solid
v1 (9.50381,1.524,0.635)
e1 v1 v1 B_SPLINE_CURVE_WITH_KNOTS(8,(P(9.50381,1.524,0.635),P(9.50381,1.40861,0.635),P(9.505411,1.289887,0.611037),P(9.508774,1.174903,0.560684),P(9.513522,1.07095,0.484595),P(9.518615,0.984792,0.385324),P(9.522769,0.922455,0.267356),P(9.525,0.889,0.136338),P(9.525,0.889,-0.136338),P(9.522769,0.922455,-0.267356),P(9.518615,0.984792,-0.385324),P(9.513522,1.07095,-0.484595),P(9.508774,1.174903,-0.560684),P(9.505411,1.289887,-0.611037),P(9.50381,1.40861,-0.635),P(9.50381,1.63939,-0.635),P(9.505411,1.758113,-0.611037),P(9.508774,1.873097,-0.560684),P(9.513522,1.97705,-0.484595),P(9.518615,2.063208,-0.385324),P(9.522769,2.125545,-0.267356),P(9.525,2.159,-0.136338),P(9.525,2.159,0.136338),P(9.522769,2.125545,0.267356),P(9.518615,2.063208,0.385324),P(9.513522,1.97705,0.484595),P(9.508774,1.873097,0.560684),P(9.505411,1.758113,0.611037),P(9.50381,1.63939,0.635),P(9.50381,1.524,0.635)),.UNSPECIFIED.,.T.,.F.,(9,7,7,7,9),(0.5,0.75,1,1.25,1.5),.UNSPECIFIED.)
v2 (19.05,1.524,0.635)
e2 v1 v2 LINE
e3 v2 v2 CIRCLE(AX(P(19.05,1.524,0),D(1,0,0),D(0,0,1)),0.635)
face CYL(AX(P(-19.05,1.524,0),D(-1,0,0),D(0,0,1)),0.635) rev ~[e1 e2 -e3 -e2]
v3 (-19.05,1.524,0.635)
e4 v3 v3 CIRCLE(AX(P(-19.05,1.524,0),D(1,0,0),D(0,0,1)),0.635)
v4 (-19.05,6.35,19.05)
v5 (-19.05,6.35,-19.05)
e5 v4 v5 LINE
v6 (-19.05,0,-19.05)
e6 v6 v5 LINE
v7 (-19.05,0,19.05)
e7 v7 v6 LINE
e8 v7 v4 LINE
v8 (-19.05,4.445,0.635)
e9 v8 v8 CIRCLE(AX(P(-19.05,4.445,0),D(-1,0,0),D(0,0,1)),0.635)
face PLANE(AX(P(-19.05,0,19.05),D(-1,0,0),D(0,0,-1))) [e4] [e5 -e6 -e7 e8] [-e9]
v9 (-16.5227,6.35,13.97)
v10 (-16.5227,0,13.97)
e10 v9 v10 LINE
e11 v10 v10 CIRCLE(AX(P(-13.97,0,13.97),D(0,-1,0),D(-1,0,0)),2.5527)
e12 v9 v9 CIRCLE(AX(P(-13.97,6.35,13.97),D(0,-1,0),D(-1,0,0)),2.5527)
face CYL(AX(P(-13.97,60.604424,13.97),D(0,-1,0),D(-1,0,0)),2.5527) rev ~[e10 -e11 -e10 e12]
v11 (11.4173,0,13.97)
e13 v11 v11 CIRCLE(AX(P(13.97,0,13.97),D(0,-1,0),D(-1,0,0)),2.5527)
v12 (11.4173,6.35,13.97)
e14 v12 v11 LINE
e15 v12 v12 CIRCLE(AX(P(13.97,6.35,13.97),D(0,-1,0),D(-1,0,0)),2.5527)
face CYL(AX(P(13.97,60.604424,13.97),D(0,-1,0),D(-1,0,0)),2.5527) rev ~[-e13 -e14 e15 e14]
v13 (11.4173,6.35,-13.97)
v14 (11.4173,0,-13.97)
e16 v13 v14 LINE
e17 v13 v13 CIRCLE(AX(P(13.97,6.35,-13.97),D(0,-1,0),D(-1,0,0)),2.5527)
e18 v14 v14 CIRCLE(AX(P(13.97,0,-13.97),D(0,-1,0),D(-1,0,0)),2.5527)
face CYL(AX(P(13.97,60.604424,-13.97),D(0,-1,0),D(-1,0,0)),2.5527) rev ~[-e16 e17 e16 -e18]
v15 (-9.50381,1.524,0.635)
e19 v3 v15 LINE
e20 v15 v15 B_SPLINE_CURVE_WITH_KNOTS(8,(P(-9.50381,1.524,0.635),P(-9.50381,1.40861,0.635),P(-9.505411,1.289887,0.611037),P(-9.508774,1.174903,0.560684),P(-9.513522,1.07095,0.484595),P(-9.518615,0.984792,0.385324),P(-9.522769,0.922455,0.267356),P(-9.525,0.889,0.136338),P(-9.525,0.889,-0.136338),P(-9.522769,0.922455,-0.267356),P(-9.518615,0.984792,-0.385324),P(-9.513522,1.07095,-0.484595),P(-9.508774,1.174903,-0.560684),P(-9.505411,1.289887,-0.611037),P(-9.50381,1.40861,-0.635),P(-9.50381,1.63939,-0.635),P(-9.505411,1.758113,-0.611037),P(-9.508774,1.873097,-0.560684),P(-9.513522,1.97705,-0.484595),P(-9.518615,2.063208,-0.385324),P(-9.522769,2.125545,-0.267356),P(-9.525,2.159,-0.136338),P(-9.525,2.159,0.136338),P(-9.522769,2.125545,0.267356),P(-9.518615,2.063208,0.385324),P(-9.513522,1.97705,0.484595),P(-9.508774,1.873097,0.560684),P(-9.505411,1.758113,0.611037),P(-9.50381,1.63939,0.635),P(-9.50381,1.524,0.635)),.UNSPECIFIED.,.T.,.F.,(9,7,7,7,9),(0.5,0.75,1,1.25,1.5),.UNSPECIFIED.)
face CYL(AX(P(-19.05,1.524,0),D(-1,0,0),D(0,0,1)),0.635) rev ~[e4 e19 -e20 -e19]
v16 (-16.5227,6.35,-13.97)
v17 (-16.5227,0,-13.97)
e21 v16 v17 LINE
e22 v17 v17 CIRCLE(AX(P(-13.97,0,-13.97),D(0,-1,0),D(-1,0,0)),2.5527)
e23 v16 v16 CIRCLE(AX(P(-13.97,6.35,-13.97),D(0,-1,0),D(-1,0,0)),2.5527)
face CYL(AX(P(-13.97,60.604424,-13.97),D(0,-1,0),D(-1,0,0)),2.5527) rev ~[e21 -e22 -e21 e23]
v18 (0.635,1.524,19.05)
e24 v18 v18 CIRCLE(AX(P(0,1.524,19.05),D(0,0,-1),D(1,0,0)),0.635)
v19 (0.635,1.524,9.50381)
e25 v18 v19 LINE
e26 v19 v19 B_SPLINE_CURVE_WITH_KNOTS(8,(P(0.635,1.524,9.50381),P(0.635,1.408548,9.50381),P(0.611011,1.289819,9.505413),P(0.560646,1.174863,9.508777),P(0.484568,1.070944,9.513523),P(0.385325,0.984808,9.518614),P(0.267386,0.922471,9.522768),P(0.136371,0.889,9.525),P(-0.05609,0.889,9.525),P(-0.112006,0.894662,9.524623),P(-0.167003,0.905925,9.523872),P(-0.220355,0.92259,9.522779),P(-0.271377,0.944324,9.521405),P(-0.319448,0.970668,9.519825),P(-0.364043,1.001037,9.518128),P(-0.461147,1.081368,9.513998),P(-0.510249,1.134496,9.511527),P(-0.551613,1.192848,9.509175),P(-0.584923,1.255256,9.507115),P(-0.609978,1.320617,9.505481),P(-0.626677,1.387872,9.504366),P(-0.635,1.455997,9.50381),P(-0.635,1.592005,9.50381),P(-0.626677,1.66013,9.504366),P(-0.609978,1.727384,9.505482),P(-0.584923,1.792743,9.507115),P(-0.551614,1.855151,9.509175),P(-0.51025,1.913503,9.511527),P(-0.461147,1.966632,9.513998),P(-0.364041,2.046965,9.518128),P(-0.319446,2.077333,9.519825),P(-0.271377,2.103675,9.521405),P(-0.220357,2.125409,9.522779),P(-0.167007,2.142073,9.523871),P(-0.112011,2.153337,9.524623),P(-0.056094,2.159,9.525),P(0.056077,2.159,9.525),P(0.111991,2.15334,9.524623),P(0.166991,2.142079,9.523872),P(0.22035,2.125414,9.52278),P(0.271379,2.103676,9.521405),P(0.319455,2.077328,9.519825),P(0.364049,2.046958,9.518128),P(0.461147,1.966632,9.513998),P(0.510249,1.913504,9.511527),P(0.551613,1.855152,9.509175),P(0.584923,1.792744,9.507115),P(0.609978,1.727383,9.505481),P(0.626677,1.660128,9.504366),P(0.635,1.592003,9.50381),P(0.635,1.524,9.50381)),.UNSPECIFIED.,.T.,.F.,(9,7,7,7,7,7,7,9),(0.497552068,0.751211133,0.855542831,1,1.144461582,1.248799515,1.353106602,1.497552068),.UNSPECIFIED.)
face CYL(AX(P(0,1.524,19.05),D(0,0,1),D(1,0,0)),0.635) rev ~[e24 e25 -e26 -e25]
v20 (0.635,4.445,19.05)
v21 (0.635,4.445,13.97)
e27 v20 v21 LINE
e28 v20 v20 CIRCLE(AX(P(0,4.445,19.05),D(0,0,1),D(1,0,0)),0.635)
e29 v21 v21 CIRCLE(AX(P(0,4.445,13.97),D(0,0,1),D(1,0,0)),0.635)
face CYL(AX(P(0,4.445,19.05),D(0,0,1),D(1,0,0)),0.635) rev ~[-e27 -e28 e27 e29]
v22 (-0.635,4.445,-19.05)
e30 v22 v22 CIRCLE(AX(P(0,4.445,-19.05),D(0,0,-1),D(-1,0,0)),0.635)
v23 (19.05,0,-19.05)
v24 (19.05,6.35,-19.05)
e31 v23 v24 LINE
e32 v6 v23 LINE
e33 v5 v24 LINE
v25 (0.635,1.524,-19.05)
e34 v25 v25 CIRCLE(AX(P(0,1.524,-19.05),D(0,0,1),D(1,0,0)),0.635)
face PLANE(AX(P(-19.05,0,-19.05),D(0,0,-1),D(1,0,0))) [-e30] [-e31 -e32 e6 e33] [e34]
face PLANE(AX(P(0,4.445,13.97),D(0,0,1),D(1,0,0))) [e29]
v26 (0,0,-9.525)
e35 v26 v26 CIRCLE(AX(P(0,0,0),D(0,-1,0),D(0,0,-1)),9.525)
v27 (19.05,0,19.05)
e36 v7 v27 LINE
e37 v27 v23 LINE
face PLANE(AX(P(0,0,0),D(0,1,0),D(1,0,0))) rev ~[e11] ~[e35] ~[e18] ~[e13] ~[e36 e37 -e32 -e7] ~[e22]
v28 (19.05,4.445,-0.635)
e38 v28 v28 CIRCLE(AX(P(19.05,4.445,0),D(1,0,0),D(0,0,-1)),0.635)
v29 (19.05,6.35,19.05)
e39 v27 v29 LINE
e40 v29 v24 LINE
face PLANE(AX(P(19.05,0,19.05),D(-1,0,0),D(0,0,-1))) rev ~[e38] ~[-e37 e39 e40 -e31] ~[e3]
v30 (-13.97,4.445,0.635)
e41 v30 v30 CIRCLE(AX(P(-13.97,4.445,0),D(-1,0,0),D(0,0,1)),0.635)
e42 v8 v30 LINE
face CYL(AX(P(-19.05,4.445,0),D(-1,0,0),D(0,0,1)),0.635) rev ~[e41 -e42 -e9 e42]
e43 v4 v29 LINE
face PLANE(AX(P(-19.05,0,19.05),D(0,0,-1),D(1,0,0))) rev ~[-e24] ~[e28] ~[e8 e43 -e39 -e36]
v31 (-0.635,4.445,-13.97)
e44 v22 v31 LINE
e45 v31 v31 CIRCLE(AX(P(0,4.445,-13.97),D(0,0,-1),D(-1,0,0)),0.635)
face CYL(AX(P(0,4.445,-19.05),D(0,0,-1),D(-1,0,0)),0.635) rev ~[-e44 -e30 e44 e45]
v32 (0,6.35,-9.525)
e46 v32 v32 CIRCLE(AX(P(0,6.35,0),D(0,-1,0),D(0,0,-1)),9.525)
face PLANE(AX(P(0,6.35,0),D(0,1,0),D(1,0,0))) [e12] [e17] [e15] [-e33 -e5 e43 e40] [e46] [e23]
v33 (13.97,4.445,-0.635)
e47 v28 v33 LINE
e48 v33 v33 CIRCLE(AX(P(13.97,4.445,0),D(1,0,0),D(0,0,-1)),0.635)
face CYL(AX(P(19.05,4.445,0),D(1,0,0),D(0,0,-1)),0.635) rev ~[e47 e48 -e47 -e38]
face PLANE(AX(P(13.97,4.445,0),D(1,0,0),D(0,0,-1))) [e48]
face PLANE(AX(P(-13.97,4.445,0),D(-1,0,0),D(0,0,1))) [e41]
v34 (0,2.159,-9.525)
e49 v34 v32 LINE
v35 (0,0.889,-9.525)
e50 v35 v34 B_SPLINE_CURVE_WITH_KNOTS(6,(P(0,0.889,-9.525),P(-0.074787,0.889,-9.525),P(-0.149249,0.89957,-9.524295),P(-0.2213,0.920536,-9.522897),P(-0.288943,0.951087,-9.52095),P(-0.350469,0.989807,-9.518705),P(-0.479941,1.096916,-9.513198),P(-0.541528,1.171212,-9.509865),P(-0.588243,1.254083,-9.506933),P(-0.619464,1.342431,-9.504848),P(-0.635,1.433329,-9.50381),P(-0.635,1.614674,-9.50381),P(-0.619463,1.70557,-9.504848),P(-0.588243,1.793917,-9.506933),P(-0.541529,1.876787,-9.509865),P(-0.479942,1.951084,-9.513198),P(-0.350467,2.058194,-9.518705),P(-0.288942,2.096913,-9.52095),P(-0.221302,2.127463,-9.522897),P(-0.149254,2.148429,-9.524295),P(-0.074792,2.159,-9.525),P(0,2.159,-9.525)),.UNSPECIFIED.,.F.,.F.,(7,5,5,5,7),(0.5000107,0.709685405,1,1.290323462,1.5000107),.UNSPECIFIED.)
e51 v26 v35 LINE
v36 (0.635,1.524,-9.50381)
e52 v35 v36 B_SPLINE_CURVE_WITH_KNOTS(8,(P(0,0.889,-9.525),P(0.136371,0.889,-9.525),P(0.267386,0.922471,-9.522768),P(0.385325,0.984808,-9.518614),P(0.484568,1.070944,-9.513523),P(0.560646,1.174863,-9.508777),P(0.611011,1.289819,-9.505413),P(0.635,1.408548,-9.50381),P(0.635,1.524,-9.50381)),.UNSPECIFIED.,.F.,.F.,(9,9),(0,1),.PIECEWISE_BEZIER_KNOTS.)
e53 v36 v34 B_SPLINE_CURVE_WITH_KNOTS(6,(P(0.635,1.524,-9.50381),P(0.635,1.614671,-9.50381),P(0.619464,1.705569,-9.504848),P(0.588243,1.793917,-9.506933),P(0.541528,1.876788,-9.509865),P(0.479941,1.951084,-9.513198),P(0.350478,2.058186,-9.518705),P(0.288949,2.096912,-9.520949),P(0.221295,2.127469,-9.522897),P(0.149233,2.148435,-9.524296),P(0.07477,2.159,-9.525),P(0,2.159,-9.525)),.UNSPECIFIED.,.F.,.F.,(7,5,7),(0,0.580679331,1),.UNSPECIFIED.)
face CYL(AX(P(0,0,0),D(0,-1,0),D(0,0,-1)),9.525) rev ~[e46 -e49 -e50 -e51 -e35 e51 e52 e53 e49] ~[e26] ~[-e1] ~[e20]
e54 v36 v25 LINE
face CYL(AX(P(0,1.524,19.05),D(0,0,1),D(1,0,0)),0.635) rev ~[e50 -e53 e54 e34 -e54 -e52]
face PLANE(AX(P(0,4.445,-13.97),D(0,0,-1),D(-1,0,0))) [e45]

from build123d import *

# Parameters (mm, degrees)
SKETCH1_W                   = 38.1
SKETCH1_H                   = 38.1
BOSS_EXTRUDE1_DEPTH         = 6.35
SKETCH2_R                   = 9.525
CUT_EXTRUDE1_DEPTH          = 28.679008291
SKETCH3_R                   = 0.635
CUT_EXTRUDE2_DEPTH          = 44.067795393
CIRPATTERN1_COUNT           = 4
SKETCH4_R                   = 0.635
CUT_EXTRUDE3_DEPTH          = 5.08
CIRPATTERN2_COUNT           = 4
TAP_DRILL_FOR_1_4_20_TAP1_D = 5.1054


with BuildPart() as part:
    # Sketch1 → Boss-Extrude1 (new body)
    with BuildSketch(Plane(origin=(0, 0, 0), x_dir=(1, 0, 0), z_dir=(0, 1, 0))):
        Rectangle(SKETCH1_W, SKETCH1_H)
    extrude(amount=BOSS_EXTRUDE1_DEPTH)

    # Sketch2 → Cut-Extrude1 (cut, through all)
    with BuildSketch(Plane.XZ):
        with Locations(Location((0, 0, 0), (0, 0, 270))):
            Circle(SKETCH2_R)
    extrude(amount=-CUT_EXTRUDE1_DEPTH, mode=Mode.SUBTRACT)

    # Sketch3 → Cut-Extrude2 (cut, through all)
    with BuildSketch(Plane.XY.offset(19.05)):
        with Locations((0, 1.524)):
            Circle(SKETCH3_R)
    cut_extrude2 = extrude(amount=-CUT_EXTRUDE2_DEPTH, mode=Mode.SUBTRACT)

    # CirPattern1: Cut-Extrude2 ×4 about axis
    cirpattern1_axis = Axis((0, 6.35, 0), (0, -1, 0))
    for i in range(1, CIRPATTERN1_COUNT):
        add(cut_extrude2.rotate(cirpattern1_axis, i * 360 / CIRPATTERN1_COUNT), mode=Mode.SUBTRACT)

    # Sketch4 → Cut-Extrude3 (cut)
    with BuildSketch(Plane.XY.offset(19.05)):
        with Locations((0, 4.445)):
            Circle(SKETCH4_R)
    cut_extrude3 = extrude(amount=-CUT_EXTRUDE3_DEPTH, mode=Mode.SUBTRACT)

    # CirPattern2: Cut-Extrude3 ×4 about axis
    cirpattern2_axis = Axis((0, 0, 0), (0, 1, 0))
    for i in range(1, CIRPATTERN2_COUNT):
        add(cut_extrude3.rotate(cirpattern2_axis, i * 360 / CIRPATTERN2_COUNT), mode=Mode.SUBTRACT)

    # Tap Drill for 1/4-20 Tap1 (through all)
    with Locations(Plane(origin=(0, 6.35, 0), x_dir=(1, 0, 0), z_dir=(0, 1, 0))):
        with Locations((-13.97, 13.97), (13.97, 13.97), (-13.97, -13.97), (13.97, -13.97)):
            Hole(TAP_DRILL_FOR_1_4_20_TAP1_D / 2)


solid = part.part
